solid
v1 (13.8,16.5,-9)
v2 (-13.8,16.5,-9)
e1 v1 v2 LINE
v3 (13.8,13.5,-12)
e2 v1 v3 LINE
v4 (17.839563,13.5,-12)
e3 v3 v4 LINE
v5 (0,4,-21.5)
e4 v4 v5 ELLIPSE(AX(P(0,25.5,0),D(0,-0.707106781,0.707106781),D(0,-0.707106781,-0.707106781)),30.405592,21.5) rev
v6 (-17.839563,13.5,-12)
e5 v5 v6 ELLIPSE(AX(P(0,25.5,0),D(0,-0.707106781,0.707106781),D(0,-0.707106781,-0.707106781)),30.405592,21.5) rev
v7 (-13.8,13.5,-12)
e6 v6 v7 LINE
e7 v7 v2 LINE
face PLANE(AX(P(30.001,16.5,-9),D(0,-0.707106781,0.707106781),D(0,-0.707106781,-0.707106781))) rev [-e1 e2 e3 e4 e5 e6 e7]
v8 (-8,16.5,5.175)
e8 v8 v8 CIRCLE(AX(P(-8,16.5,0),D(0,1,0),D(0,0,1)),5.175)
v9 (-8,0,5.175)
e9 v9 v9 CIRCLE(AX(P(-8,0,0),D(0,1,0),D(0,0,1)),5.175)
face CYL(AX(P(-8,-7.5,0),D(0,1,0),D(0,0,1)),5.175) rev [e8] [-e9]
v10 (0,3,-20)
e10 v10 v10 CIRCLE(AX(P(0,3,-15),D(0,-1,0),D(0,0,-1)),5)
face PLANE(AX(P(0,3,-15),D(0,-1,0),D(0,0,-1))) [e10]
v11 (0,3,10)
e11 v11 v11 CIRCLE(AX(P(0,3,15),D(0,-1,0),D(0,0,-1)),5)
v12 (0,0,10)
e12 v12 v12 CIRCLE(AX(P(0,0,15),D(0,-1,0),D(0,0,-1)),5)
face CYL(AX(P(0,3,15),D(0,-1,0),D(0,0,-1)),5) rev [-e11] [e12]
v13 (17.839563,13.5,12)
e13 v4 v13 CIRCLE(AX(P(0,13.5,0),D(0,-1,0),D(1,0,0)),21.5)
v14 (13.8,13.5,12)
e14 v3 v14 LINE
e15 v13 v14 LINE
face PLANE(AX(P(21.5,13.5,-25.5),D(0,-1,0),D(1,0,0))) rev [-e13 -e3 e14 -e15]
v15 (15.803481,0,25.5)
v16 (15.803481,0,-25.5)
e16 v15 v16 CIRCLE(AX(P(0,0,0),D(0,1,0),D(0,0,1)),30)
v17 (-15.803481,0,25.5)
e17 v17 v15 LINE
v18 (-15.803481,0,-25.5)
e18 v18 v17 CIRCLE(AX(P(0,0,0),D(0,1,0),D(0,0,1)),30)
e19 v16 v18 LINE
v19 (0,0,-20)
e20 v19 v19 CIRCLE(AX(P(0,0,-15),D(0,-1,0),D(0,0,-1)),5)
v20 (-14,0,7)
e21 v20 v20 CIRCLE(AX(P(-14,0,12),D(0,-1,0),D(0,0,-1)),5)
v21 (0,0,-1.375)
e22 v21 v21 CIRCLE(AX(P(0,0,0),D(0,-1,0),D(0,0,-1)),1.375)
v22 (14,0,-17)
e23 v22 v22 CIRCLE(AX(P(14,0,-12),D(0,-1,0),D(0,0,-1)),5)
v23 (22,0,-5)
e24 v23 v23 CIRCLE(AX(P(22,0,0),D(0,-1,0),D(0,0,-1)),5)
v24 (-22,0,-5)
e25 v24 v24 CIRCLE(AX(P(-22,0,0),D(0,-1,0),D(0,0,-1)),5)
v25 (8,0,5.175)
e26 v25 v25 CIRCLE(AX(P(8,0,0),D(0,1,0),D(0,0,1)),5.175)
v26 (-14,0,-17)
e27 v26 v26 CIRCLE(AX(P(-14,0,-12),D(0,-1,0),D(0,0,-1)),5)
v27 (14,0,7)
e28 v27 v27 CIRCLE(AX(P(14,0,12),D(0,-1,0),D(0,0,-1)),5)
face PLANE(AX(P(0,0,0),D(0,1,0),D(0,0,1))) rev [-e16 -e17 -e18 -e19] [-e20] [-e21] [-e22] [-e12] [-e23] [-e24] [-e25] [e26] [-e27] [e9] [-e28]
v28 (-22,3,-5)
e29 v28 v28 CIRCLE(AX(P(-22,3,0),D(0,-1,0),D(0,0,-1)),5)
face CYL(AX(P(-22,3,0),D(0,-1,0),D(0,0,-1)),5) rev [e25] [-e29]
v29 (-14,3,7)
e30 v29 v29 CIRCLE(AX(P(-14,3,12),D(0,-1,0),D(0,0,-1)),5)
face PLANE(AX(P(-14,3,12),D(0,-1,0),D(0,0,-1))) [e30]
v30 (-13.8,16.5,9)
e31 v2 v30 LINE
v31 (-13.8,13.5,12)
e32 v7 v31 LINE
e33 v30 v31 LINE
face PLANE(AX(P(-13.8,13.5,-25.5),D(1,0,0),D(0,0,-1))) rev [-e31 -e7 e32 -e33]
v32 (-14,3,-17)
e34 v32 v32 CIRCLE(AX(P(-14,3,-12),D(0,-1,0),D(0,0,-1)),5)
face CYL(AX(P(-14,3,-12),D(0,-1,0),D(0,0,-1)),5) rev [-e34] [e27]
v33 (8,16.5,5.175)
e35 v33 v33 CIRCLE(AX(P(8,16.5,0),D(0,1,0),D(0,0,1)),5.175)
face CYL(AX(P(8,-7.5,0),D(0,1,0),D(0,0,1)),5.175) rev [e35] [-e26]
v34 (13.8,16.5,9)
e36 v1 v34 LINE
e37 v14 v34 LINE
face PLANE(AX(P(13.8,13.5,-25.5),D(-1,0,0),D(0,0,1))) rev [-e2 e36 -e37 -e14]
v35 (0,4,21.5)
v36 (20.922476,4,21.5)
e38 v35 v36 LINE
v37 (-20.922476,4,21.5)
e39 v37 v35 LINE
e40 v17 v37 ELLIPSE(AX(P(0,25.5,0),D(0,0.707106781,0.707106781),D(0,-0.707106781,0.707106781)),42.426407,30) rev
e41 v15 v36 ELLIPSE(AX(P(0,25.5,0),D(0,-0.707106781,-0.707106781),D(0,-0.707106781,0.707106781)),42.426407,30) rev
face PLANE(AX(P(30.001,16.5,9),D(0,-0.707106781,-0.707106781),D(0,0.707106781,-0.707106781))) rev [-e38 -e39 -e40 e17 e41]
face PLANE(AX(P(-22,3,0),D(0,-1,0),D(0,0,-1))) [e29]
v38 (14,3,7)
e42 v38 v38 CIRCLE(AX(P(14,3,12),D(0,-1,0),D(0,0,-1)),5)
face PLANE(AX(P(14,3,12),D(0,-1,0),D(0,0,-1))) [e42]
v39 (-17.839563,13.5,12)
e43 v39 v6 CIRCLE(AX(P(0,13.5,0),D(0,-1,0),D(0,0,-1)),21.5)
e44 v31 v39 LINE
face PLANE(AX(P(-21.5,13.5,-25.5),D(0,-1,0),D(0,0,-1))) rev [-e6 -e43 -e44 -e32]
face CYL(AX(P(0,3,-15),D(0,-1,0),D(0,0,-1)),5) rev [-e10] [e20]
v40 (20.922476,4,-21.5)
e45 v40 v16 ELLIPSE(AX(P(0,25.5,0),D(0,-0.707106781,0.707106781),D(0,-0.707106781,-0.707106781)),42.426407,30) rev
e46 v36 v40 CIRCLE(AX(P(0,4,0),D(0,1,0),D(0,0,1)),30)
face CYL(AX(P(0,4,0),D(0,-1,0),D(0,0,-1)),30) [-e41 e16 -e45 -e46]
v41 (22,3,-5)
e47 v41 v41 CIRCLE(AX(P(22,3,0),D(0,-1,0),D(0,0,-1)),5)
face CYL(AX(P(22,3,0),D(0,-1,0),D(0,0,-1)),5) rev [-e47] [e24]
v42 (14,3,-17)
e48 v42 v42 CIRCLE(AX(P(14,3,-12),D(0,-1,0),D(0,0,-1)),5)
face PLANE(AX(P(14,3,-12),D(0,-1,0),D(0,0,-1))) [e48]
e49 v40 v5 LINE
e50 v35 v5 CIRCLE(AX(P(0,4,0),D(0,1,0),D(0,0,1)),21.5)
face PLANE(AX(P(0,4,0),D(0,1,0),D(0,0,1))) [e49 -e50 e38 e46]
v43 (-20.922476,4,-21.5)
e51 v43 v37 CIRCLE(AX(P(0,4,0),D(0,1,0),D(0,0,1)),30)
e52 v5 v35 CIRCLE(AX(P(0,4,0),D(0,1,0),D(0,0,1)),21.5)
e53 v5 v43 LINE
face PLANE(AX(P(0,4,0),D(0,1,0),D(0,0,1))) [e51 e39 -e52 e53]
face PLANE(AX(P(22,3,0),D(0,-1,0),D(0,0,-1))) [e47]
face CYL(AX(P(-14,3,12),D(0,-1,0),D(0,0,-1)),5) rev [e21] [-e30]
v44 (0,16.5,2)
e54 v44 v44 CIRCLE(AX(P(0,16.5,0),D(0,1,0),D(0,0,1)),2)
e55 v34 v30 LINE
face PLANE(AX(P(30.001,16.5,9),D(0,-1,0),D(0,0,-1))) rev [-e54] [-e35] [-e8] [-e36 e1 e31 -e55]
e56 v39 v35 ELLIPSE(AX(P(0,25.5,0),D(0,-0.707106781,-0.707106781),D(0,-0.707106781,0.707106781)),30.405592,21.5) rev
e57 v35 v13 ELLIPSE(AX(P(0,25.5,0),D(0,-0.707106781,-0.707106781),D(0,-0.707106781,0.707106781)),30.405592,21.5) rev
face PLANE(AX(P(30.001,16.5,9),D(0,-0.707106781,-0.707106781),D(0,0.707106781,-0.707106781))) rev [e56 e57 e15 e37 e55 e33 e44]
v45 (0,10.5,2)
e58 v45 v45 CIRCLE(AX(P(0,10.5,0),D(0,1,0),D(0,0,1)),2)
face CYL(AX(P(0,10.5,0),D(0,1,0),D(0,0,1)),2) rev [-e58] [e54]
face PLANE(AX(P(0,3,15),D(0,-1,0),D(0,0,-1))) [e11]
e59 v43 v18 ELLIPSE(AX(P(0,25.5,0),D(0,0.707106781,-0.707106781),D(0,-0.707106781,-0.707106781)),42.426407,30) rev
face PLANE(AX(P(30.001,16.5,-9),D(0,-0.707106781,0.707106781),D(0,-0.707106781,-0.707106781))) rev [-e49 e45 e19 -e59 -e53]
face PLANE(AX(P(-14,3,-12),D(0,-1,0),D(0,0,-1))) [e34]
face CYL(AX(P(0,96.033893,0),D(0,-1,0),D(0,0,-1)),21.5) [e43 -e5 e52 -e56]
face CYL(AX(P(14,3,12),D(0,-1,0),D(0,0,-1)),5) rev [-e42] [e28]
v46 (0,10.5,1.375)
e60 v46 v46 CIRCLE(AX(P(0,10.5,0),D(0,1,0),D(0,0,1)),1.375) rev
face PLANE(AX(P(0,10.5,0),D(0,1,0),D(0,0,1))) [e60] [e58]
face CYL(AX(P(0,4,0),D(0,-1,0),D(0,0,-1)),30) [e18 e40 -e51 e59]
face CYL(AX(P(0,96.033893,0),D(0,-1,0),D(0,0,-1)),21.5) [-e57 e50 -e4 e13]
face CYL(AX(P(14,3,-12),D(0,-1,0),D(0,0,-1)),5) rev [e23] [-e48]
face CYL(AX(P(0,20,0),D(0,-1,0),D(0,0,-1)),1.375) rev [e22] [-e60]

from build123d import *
from build123d.topology import SkipClean

# Parameters (mm, degrees)
SKETCH1_R                            = 30
BOSS_EXTRUDE1_DEPTH                  = 4
BOSS_EXTRUDE2_REACH                  = 44.615
BOSS_EXTRUDE2_END_RADIUS             = 30
BOSS_EXTRUDE2_DIRECTION_2_REACH      = 44.615
BOSS_EXTRUDE2_DIRECTION_2_END_RADIUS = 30
SKETCH3_OUTSIDE_W                    = 78.092
SKETCH3_OUTSIDE_H                    = 69.092
SKETCH3_OUTSIDE_R                    = 21.5
CUT_EXTRUDE2_DEPTH                   = 12.5
BOSS_EXTRUDE3_DEPTH                  = 18
BOSS_EXTRUDE4_DEPTH                  = 15
BOSS_EXTRUDE5_DEPTH                  = 15
CUT_EXTRUDE3_DEPTH                   = 44.292609069
CUT_EXTRUDE3_DEPTH_BACK              = 44.292609069
SKETCH8_R                            = 2
CUT_EXTRUDE8_DEPTH                   = 48.077064479
CUT_EXTRUDE8_DEPTH_BACK              = 48.077064479
CUT_EXTRUDE9_DEPTH                   = 59.659818207
CUT_EXTRUDE11_DEPTH                  = 20
CUT_EXTRUDE12_DEPTH                  = 20
CUT_EXTRUDE13_DEPTH                  = 20
CUT_EXTRUDE14_DEPTH                  = 44.292609069
CUT_EXTRUDE14_DEPTH_BACK             = 44.292609069
SKETCH25_W                           = 66.075437062
SKETCH25_H                           = 20.142243048
SKETCH26_R                           = 5.175
CUT_EXTRUDE15_DEPTH                  = 24
CUT_EXTRUDE17_DEPTH                  = 47.524187258
CUT_EXTRUDE17_DEPTH_BACK             = 47.524187258
SKETCH29_W                           = 7.7
SKETCH29_H                           = 3
CUT_EXTRUDE18_DEPTH                  = 47.524187258
CUT_EXTRUDE18_DEPTH_BACK             = 47.524187258
SKETCH31_W                           = 7.7
SKETCH31_H                           = 3
SKETCH34_R                           = 1.375
CUT_EXTRUDE21_DEPTH                  = 20
SKETCH35_R                           = 2
CUT_EXTRUDE22_DEPTH                  = 6
SKETCH37_R                           = 5
CUT_EXTRUDE23_DEPTH                  = 3


with BuildPart() as part:
    # Sketch1 → Boss-Extrude1 (new body)
    with BuildSketch(Plane(origin=(0, 0, 0), x_dir=(1, 0, 0), z_dir=(0, 1, 0))):
        with Locations(Location((0, 0, 0), (0, 0, 270))):
            Circle(SKETCH1_R)
    extrude(amount=BOSS_EXTRUDE1_DEPTH)

    # Boss-Extrude2: up to this cylinder (the profile starts inside it)
    with SkipClean():  # the faces are left unmerged after this step: merging them gives an invalid solid
        boss_extrude2_end = Plane(origin=(0, 9.396175, 0), z_dir=(0, -1, 0)) * Cylinder(BOSS_EXTRUDE2_END_RADIUS, 150.23, mode=Mode.PRIVATE)
        # Sketch2 → Boss-Extrude2 (add, up to the surface)
        with BuildSketch(Plane(origin=(0, 0, 0), x_dir=(0, 0, -1), z_dir=(1, 0, 0)), mode=Mode.PRIVATE) as boss_extrude2_sk1:
            Polygon((0, 4), (21.5, 4), (9, 16.5), (-9, 16.5), (-21.5, 4), align=None)
        boss_extrude2_tool1 = extrude(boss_extrude2_sk1.sketch, amount=BOSS_EXTRUDE2_REACH, mode=Mode.PRIVATE) & boss_extrude2_end
        add(boss_extrude2_tool1.solids().sort_by_distance((0, 9.396175, 0))[0])

    # Boss-Extrude2 direction 2: up to this cylinder (the profile starts inside it)
    with SkipClean():  # the faces are left unmerged after this step: merging them gives an invalid solid
        boss_extrude2_direction_2_end = Plane(origin=(0, 9.396175, 0), z_dir=(0, -1, 0)) * Cylinder(BOSS_EXTRUDE2_DIRECTION_2_END_RADIUS, 150.23, mode=Mode.PRIVATE)
        # Sketch2 → Boss-Extrude2 direction 2 (add, up to the surface)
        with BuildSketch(Plane(origin=(0, 0, 0), x_dir=(0, 0, -1), z_dir=(1, 0, 0)), mode=Mode.PRIVATE) as boss_extrude2_direction_2_sk1:
            Polygon((0, 4), (21.5, 4), (9, 16.5), (-9, 16.5), (-21.5, 4), align=None)
        boss_extrude2_direction_2_tool1 = extrude(boss_extrude2_direction_2_sk1.sketch, amount=-BOSS_EXTRUDE2_DIRECTION_2_REACH, mode=Mode.PRIVATE) & boss_extrude2_direction_2_end
        add(boss_extrude2_direction_2_tool1.solids().sort_by_distance((0, 9.396175, 0))[0])

    # SurfaceCut1
    split(bisect_by=Plane(origin=(0, 12.75, -12.75), x_dir=(1, 0, 0), z_dir=(0, 0.7071067811865558, -0.7071067811865392)), keep=Keep.BOTTOM)

    # SurfaceCut2
    split(bisect_by=Plane(origin=(0, 12.75, 12.75), x_dir=(1, 0, 0), z_dir=(0, 0.7071067811865509, 0.7071067811865442)), keep=Keep.BOTTOM)

    # Sketch3 outside → Cut-Extrude2 (cut)
    with BuildSketch(Plane(origin=(0, 4, 0), x_dir=(1, 0, 0), z_dir=(0, 1, 0))):
        Rectangle(SKETCH3_OUTSIDE_W, SKETCH3_OUTSIDE_H)
        Circle(SKETCH3_OUTSIDE_R, mode=Mode.SUBTRACT)
    extrude(amount=CUT_EXTRUDE2_DEPTH, mode=Mode.SUBTRACT)

    # Sketch5 → Boss-Extrude3 (add)
    with BuildSketch(Plane(origin=(0, 0, 0), x_dir=(-1, 0, 0), z_dir=(0, -1, 0))):
        Polygon((0, -6), (-17.5, -6), (-17.5, 6), (17.5, 6), (17.5, -6), align=None)
    extrude(amount=BOSS_EXTRUDE3_DEPTH)

    # Sketch6 → Boss-Extrude4 (add)
    with BuildSketch(Plane.XZ):
        Polygon((0, 15), (7, 15), (7, 6), (-7, 6), (-7, 15), align=None)
    extrude(amount=BOSS_EXTRUDE4_DEPTH)

    # Sketch7 → Boss-Extrude5 (add)
    with BuildSketch(Plane.XZ):
        Polygon((0, -15), (7, -15), (7, -6), (-7, -6), (-7, -15), align=None)
    extrude(amount=BOSS_EXTRUDE5_DEPTH)

    # Sketch8 → Cut-Extrude3 (cut, two sides: drawn at the far end of the back side and taken through both)
    with BuildSketch(Plane.XY.offset(-CUT_EXTRUDE3_DEPTH_BACK)):
        with Locations((-12.5, -12.5)):
            Circle(SKETCH8_R)
        with Locations((12.5, -12.5)):
            Circle(SKETCH8_R)
    extrude(amount=CUT_EXTRUDE3_DEPTH + CUT_EXTRUDE3_DEPTH_BACK, mode=Mode.SUBTRACT)

    # Sketch16 → Cut-Extrude8 (cut, two sides: drawn at the far end of the back side and taken through both)
    with BuildSketch(Plane.XY.offset(6).offset(-CUT_EXTRUDE8_DEPTH_BACK)):
        Polygon((17.5, -18), (17.5, -14.5), (14, -18), align=None)
        Polygon((-17.5, -18), (-14, -18), (-17.5, -14.5), align=None)
    extrude(amount=CUT_EXTRUDE8_DEPTH + CUT_EXTRUDE8_DEPTH_BACK, mode=Mode.SUBTRACT)

    # Sketch17 → Cut-Extrude9 (cut, through all)
    with BuildSketch(Plane(origin=(10.365975269, -9.674910251, -8.062425209), x_dir=(-0.3613483622370374, 0.337258471421235, -0.8693009171531012), z_dir=(0.6355070151731325, -0.5931398808282571, -0.49428323402354774))):
        Polygon((-2.372510104, -6.189601271), (7.980636686, -0.706686759), (7.980636686, -10.965829024), align=None)
    extrude(amount=CUT_EXTRUDE9_DEPTH, mode=Mode.SUBTRACT)

    # Sketch19 → Cut-Extrude11 (cut)
    with BuildSketch(Plane(origin=(-10.365975269, -9.674910251, -8.062425209), x_dir=(0.3613483622370374, 0.33725847142123494, -0.8693009171531012), z_dir=(0.6355070151731324, 0.5931398808282571, 0.4942832340235476))):
        Polygon((-2.372510104, -6.189601271), (7.980636686, -10.965829024), (7.980636686, -0.706686759), align=None)
    extrude(amount=-CUT_EXTRUDE11_DEPTH, mode=Mode.SUBTRACT)

    # Sketch20 → Cut-Extrude12 (cut)
    with BuildSketch(Plane(origin=(-10.365975269, -9.674910251, 8.062425209), x_dir=(-0.3613483622370374, -0.3372584714212349, -0.8693009171531013), z_dir=(0.6355070151731326, 0.593139880828257, -0.49428323402354757))):
        Polygon((2.372510104, -6.189601271), (-7.980636686, -0.706686759), (-7.980636686, -10.965829024), align=None)
    extrude(amount=-CUT_EXTRUDE12_DEPTH, mode=Mode.SUBTRACT)

    # Sketch21 → Cut-Extrude13 (cut)
    with BuildSketch(Plane(origin=(10.365975269, -9.674910251, 8.062425209), x_dir=(-0.3613483622370374, 0.3372584714212349, 0.8693009171531013), z_dir=(-0.6355070151731326, 0.593139880828257, -0.49428323402354757))):
        Polygon((-2.372510104, -6.189601271), (7.980636686, -0.706686759), (7.980636686, -10.965829024), align=None)
    extrude(amount=-CUT_EXTRUDE13_DEPTH, mode=Mode.SUBTRACT)

    # Sketch25 → Cut-Extrude14 (cut, two sides: drawn at the far end of the back side and taken through both)
    with BuildSketch(Plane.XY.offset(-CUT_EXTRUDE14_DEPTH_BACK)):
        with Locations((0, -10.071121524)):
            Rectangle(SKETCH25_W, SKETCH25_H)
    extrude(amount=CUT_EXTRUDE14_DEPTH + CUT_EXTRUDE14_DEPTH_BACK, mode=Mode.SUBTRACT)

    # Sketch26 → Cut-Extrude15 (cut)
    with BuildSketch(Plane(origin=(0, 16.5, 0), x_dir=(1, 0, 0), z_dir=(0, 1, 0))):
        with Locations(Location((-8, 0, 0), (0, 0, 270))):
            Circle(SKETCH26_R)
        with Locations(Location((8, 0, 0), (0, 0, 270))):
            Circle(SKETCH26_R)
    extrude(amount=-CUT_EXTRUDE15_DEPTH, mode=Mode.SUBTRACT)

    # Sketch29 → Cut-Extrude17 (cut, two sides: drawn at the far end of the back side and taken through both)
    with BuildSketch(Plane.XY.offset(6).offset(-CUT_EXTRUDE17_DEPTH_BACK)):
        with Locations((17.65, 15)):
            Rectangle(SKETCH29_W, SKETCH29_H)
    extrude(amount=CUT_EXTRUDE17_DEPTH + CUT_EXTRUDE17_DEPTH_BACK, mode=Mode.SUBTRACT)

    # Sketch31 → Cut-Extrude18 (cut, two sides: drawn at the far end of the back side and taken through both)
    with BuildSketch(Plane.XY.offset(6).offset(-CUT_EXTRUDE18_DEPTH_BACK)):
        with Locations((-17.65, 15)):
            Rectangle(SKETCH31_W, SKETCH31_H)
    extrude(amount=CUT_EXTRUDE18_DEPTH + CUT_EXTRUDE18_DEPTH_BACK, mode=Mode.SUBTRACT)

    # Sketch34 → Cut-Extrude21 (cut)
    with BuildSketch(Plane.XZ):
        with Locations(Location((0, 0, 0), (0, 0, 270))):
            Circle(SKETCH34_R)
    extrude(amount=-CUT_EXTRUDE21_DEPTH, mode=Mode.SUBTRACT)

    # Sketch35 → Cut-Extrude22 (cut)
    with BuildSketch(Plane(origin=(0, 16.5, 0), x_dir=(1, 0, 0), z_dir=(0, 1, 0))):
        with Locations(Location((0, 0, 0), (0, 0, 270))):
            Circle(SKETCH35_R)
    extrude(amount=-CUT_EXTRUDE22_DEPTH, mode=Mode.SUBTRACT)

    # Sketch37 → Cut-Extrude23 (cut)
    with BuildSketch(Plane.XZ):
        with Locations(Location((0, -15, 0), (0, 0, 270))):
            Circle(SKETCH37_R)
        with Locations(Location((0, 15, 0), (0, 0, 270))):
            Circle(SKETCH37_R)
        with Locations(Location((-22, 0, 0), (0, 0, 270))):
            Circle(SKETCH37_R)
        with Locations(Location((22, 0, 0), (0, 0, 270))):
            Circle(SKETCH37_R)
        with Locations(Location((-14, 12, 0), (0, 0, 270))):
            Circle(SKETCH37_R)
        with Locations(Location((14, 12, 0), (0, 0, 270))):
            Circle(SKETCH37_R)
        with Locations(Location((-14, -12, 0), (0, 0, 270))):
            Circle(SKETCH37_R)
        with Locations(Location((14, -12, 0), (0, 0, 270))):
            Circle(SKETCH37_R)
    extrude(amount=-CUT_EXTRUDE23_DEPTH, mode=Mode.SUBTRACT)


solid = part.part
